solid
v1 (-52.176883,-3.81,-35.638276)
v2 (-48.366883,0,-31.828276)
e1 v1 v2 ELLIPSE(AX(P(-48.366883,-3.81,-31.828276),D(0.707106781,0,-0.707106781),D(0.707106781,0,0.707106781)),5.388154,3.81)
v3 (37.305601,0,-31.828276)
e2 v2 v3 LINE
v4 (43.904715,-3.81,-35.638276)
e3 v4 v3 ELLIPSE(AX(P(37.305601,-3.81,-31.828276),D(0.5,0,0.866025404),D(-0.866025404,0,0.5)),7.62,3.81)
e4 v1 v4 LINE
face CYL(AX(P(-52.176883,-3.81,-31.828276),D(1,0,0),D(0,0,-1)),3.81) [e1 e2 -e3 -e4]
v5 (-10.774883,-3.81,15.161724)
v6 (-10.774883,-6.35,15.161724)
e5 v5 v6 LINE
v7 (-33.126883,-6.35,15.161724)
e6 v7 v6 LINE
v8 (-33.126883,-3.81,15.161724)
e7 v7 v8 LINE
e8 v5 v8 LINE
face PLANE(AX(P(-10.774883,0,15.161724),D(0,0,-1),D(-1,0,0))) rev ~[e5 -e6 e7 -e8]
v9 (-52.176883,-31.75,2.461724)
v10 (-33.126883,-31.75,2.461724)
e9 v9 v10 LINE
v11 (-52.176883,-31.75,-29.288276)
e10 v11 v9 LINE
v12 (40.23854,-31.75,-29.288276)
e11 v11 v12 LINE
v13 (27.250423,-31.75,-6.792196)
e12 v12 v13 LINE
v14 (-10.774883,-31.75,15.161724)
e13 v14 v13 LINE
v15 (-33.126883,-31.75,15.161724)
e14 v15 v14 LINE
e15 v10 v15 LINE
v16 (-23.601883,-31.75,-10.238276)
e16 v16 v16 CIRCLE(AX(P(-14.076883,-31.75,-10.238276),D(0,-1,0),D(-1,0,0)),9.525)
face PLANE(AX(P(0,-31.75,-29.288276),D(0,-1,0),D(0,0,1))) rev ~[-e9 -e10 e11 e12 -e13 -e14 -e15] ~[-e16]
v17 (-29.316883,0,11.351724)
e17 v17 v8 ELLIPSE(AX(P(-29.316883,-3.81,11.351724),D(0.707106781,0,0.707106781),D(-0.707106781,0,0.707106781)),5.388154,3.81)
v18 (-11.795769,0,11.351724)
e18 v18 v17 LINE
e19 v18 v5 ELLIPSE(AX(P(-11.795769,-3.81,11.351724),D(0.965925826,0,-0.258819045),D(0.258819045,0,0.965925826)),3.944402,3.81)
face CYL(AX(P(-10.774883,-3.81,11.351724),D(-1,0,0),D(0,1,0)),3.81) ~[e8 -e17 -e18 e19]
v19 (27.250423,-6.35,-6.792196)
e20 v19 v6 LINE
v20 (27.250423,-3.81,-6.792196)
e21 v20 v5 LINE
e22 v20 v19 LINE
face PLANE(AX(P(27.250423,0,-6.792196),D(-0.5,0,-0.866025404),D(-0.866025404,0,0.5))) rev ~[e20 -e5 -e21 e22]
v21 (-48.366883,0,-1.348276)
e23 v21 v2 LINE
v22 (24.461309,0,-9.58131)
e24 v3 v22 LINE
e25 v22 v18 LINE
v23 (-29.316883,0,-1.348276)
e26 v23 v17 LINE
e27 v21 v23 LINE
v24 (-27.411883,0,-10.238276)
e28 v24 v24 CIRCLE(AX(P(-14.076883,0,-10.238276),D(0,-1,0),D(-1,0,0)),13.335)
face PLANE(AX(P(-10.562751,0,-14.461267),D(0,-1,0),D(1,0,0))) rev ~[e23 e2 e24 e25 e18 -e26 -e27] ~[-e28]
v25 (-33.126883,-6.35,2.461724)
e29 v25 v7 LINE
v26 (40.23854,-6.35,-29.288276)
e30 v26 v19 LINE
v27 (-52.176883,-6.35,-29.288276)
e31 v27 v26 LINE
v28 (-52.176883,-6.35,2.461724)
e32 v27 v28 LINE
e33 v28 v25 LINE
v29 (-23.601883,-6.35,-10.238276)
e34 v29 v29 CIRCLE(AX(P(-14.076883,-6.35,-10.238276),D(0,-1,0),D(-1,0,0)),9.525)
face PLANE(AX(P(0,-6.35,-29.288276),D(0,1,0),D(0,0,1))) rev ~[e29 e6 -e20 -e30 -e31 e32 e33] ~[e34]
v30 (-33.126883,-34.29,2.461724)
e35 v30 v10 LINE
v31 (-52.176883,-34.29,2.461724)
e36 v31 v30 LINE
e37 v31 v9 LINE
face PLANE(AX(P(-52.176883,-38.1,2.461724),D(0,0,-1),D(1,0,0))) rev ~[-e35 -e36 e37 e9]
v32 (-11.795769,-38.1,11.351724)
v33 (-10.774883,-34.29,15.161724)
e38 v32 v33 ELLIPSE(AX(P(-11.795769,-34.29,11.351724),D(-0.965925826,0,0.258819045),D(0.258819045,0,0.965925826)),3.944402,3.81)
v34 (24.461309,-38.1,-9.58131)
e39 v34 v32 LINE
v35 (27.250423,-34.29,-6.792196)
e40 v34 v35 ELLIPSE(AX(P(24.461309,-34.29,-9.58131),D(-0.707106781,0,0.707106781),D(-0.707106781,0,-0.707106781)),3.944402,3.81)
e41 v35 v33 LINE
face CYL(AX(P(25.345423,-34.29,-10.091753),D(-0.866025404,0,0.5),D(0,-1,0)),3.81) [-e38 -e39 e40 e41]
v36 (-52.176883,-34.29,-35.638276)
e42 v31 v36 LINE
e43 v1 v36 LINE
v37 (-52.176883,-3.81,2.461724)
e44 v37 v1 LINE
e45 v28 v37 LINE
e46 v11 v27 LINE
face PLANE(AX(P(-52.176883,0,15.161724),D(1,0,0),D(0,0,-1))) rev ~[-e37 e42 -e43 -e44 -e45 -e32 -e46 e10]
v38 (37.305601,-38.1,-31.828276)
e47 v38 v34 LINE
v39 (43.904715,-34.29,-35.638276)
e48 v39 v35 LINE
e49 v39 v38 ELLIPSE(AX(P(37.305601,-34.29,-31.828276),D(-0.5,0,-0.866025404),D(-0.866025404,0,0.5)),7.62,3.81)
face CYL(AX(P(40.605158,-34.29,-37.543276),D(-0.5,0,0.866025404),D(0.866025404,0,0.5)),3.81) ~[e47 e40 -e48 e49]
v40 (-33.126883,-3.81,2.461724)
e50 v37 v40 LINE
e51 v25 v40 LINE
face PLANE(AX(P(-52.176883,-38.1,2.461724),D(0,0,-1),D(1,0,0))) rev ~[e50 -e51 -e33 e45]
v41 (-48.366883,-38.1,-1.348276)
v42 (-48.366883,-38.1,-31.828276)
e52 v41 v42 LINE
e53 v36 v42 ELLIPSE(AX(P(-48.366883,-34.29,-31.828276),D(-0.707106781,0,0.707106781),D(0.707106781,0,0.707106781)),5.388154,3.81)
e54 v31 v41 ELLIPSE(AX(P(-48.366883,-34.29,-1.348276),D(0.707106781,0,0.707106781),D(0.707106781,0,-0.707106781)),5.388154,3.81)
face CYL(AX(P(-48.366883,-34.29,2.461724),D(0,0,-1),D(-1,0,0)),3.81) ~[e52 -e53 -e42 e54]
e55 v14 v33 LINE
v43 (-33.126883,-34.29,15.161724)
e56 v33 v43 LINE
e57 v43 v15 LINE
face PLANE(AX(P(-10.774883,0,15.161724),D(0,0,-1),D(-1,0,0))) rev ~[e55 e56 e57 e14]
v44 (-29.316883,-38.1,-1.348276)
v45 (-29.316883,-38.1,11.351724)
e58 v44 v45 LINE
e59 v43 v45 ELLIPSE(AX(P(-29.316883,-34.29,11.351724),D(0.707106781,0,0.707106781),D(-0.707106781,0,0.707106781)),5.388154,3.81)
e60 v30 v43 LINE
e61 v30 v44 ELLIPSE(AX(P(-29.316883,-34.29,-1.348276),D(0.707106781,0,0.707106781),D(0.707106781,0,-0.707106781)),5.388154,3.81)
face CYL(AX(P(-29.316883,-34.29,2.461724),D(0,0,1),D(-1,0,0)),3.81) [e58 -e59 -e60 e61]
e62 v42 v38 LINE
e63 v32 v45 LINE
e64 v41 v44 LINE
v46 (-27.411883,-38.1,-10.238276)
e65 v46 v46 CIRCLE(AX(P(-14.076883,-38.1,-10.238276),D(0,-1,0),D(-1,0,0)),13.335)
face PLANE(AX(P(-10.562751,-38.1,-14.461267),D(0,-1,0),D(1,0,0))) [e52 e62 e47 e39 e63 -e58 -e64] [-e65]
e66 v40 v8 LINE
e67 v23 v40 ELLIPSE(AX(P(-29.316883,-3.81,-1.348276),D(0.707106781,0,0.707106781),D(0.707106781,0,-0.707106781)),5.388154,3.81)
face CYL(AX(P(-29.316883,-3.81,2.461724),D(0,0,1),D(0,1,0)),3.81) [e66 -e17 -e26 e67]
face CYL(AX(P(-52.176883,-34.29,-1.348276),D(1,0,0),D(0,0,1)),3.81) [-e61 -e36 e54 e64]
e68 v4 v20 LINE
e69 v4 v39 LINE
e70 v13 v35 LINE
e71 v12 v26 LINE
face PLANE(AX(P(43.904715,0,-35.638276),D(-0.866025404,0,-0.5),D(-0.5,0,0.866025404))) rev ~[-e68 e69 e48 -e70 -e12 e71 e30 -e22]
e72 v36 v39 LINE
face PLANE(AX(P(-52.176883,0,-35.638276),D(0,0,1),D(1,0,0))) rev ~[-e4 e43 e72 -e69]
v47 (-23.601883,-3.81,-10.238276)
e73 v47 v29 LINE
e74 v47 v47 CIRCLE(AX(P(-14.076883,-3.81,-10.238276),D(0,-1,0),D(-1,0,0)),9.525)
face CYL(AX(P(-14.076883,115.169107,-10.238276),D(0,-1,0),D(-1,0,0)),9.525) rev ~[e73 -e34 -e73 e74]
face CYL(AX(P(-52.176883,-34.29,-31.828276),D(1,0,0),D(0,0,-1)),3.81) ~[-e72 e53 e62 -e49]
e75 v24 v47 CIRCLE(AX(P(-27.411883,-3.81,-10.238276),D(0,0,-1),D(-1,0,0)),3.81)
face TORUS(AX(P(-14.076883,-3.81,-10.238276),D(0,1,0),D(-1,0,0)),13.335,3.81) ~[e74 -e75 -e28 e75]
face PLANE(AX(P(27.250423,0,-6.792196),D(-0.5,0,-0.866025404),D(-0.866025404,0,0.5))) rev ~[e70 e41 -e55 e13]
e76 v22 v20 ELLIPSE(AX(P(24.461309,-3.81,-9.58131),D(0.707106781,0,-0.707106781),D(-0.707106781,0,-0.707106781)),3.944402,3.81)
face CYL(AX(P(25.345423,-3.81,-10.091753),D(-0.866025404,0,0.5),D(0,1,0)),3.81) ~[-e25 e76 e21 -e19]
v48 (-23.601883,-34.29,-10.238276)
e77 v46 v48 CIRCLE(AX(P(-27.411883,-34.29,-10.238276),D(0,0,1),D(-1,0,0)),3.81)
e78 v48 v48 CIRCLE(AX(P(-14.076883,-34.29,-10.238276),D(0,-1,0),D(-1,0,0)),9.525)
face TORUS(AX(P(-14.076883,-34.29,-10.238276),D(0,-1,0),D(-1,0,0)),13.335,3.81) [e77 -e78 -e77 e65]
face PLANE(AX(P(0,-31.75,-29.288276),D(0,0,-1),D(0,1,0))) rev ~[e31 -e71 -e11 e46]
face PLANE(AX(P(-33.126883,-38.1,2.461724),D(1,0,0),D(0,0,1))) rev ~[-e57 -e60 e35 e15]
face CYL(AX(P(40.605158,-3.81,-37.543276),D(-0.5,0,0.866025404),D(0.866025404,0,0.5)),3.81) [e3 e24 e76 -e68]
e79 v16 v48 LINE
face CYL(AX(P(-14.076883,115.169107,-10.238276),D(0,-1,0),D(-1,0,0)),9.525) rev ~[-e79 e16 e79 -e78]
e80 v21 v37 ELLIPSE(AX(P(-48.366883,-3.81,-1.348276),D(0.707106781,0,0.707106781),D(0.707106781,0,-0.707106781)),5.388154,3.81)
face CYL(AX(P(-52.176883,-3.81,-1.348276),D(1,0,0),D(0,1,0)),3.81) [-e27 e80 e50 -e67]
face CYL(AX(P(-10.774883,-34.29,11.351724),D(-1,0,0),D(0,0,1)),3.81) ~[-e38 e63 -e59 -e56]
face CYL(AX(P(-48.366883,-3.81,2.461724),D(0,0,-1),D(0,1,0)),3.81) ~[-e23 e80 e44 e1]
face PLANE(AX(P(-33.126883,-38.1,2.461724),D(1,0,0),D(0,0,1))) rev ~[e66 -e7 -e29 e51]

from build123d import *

# Parameters (mm, degrees)
F1_DEPTH = 38.1
F3_D     = 19.05
F4_W     = 19.05
F4_H     = 12.7
F5_DEPTH = 38.101
F6_W     = 25.4
F6_H     = 50.8172035844
F7_DEPTH = 52.1778825103
F8_DEPTH = 43.9057145722
F9_R     = 3.81
F10_R    = 3.81


with BuildPart() as f1:
    # F0 (on Front) → F1 (new body)
    with BuildSketch(Plane.XZ):
        Polygon((-10.7748825103, 15.1617240763), (-52.1768825103, 15.1617240763), (-52.1768825103, -35.6382759237), (43.9047145722, -35.6382759237), (27.2504226012, -6.7921960659), align=None)
    extrude(amount=F1_DEPTH)

    # F3 (through all)
    with Locations(Plane(origin=(0, 0, 0), x_dir=(1, 0, 0), z_dir=(0, 1, 0))):
        with Locations((-14.0768825103, 10.2382759237)):
            Hole(F3_D / 2)

    # F4 (on face) → F5 (cut, through all)
    with BuildSketch(Plane.XZ.offset(38.1)):
        with Locations((-42.6518825103, 8.8117240763)):
            Rectangle(F4_W, F4_H)
    extrude(amount=-F5_DEPTH, mode=Mode.SUBTRACT)

    # F6 (on Right) → F7 (cut, through all)
    with BuildSketch(Plane.YZ):
        with Locations((-19.05, -3.8796741316)):
            Rectangle(F6_W, F6_H)
    extrude(amount=-F7_DEPTH, mode=Mode.SUBTRACT)

    # F8 (cut, through all): a face of the model
    f8_faces = [f1.faces().sort_by_distance(p)[0] for p in [
        (0, -19.05, -10.1737165826),
    ]]
    extrude(f8_faces, amount=-F8_DEPTH, mode=Mode.SUBTRACT)

    # F9
    f9_edges = [f1.edges().sort_by_distance(p)[0] for p in [
        (8.23777, -38.1, 4.184764),
        (35.577569, -38.1, -21.215236),
        (-4.136084, -38.1, -35.638276),
        (-52.176883, -38.1, -16.588276),
        (-42.651883, -38.1, 2.461724),
        (-33.126883, -38.1, 8.811724),
        (-21.950883, -38.1, 15.161724),
        (-23.601883, -38.1, -10.238276),
    ]]
    fillet(f9_edges, radius=F9_R)

    # F10
    f10_edges = [f1.edges().sort_by_distance(p)[0] for p in [
        (8.23777, 0, 4.184764),
        (35.577569, 0, -21.215236),
        (-4.136084, 0, -35.638276),
        (-52.176883, 0, -16.588276),
        (-42.651883, 0, 2.461724),
        (-33.126883, 0, 8.811724),
        (-21.950883, 0, 15.161724),
        (-23.601883, 0, -10.238276),
    ]]
    fillet(f10_edges, radius=F10_R)


solid = f1.part
